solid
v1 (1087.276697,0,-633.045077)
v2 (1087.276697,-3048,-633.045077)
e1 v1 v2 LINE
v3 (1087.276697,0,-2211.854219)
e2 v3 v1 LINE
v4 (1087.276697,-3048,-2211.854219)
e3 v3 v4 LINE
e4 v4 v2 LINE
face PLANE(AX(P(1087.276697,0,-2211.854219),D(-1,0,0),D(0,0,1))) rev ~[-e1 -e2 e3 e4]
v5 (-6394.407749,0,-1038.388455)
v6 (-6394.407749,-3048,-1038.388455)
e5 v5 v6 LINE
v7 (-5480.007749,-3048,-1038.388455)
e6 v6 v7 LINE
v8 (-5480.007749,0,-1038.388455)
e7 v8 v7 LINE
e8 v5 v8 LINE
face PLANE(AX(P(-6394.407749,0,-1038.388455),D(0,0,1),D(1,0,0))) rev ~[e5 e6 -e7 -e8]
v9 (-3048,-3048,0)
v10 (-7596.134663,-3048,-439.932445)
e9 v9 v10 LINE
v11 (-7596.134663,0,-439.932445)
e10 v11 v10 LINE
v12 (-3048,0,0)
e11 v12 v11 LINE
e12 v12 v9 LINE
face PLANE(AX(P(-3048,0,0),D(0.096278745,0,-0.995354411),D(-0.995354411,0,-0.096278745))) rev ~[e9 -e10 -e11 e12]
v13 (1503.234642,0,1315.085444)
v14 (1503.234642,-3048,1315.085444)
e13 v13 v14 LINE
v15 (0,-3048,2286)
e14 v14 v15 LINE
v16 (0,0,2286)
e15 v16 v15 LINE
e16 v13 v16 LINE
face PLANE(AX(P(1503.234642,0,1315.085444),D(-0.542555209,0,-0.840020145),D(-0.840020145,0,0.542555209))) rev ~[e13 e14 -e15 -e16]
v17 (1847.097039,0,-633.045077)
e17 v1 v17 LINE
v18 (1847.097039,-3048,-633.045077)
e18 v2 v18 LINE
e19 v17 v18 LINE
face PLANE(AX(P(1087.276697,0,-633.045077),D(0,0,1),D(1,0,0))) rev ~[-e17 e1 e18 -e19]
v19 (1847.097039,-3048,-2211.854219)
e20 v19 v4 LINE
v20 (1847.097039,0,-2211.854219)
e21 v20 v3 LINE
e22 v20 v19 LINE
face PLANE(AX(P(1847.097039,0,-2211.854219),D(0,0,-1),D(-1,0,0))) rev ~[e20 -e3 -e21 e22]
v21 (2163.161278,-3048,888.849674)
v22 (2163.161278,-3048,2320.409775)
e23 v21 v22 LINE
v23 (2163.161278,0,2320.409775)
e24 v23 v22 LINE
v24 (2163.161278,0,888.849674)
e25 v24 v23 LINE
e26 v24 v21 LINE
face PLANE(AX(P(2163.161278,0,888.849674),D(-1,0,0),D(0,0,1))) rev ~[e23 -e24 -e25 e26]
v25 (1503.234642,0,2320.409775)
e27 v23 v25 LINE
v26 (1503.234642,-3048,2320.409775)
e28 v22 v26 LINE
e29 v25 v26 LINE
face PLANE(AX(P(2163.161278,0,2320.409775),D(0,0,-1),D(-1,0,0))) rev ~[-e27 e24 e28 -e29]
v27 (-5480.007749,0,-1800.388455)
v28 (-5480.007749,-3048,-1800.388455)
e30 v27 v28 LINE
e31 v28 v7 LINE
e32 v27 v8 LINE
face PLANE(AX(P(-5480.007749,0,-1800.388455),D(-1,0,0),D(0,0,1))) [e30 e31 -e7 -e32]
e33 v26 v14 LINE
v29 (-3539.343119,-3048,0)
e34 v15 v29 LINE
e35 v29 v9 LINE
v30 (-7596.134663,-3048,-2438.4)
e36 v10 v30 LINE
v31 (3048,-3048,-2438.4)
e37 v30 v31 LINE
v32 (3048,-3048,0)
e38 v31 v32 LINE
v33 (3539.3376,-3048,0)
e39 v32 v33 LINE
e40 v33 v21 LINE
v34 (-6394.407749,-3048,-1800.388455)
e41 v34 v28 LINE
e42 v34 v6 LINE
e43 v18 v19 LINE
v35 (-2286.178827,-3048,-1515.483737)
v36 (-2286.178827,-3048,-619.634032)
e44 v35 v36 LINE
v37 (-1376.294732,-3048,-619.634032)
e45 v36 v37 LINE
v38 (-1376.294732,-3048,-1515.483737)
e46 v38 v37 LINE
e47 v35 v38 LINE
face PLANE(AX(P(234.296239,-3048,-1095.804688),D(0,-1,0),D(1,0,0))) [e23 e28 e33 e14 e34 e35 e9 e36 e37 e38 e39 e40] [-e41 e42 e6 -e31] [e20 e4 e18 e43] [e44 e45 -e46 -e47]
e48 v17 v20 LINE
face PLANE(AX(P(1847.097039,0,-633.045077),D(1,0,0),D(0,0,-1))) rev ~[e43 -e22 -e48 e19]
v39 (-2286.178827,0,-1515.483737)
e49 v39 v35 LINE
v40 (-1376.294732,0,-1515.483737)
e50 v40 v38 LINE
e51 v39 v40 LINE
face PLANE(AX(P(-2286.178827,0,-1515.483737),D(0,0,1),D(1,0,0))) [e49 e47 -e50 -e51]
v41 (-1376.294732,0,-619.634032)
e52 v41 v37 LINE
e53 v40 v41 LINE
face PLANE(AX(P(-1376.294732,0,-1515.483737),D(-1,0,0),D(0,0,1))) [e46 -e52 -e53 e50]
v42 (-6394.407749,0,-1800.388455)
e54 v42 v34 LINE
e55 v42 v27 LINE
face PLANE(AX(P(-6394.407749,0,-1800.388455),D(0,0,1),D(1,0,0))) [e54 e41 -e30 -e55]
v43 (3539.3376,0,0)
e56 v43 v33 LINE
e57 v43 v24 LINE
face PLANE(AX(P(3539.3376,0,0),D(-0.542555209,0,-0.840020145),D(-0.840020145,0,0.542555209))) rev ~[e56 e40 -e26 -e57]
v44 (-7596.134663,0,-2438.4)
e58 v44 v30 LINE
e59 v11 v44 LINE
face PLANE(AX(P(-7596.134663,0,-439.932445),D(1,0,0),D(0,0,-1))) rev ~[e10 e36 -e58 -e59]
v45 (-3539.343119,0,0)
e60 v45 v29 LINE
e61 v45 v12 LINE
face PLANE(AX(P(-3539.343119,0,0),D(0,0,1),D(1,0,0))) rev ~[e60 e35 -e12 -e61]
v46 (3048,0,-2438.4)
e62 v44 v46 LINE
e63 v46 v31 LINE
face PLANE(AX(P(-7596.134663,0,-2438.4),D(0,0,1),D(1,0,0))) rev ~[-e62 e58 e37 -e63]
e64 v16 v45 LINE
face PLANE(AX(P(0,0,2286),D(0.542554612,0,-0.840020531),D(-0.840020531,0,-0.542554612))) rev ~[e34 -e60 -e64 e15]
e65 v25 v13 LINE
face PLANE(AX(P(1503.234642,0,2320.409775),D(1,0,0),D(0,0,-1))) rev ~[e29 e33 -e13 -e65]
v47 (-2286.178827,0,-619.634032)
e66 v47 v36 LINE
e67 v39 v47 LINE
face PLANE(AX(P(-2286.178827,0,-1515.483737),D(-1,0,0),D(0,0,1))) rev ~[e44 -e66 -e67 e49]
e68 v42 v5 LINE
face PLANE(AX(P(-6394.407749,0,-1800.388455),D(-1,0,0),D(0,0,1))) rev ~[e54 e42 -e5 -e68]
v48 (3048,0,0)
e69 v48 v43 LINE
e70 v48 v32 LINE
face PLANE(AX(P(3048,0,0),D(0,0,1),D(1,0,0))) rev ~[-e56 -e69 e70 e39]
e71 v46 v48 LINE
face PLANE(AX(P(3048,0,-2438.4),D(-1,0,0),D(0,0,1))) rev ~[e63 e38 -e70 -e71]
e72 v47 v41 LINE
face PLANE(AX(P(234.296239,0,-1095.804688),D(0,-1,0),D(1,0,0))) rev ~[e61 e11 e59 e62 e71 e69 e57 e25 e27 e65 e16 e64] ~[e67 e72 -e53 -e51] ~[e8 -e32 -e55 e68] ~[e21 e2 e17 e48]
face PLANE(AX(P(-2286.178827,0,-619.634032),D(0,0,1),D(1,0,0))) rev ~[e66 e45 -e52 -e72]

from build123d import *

# Parameters (mm, degrees)
F0_W     = 909.884095192
F0_H     = 895.8497047424
F0_W_2   = 914.4
F0_H_2   = 762
F0_W_3   = 4548.1346626282
F0_H_3   = 226.5457805634
F1_DEPTH = 3048


with BuildPart() as f1:
    # F0 (on Front) → F1 (new body)
    with BuildSketch(Plane.XZ):
        Polygon((3048, 0), (0, 0), (-3048, 0), (-3048, -265.2795314789), (-3048, -2211.8542194366), (1087.2766971588, -2211.8542194366), (1087.2766971588, -633.0450773239), (1847.0970392227, -633.0450773239), (1847.0970392227, -2211.8542194366), (3048, -2211.8542194366), align=None)
        with Locations((-1831.2367796898, -1067.5588846207)):
            Rectangle(F0_W, F0_H, mode=Mode.SUBTRACT)
        Polygon((0, 1981.2), (0, 0), (3048, 0), align=None)
        Polygon((-3048, 0), (0, 0), (0, 1981.2), align=None)
        Polygon((-3539.3431186676, 0), (-3048, 0), (0, 1981.2), (0, 2286), align=None)
        Polygon((-3048, -265.2795314789), (-3048, 0), (-7596.1346626282, -439.9324449932), (-7596.1346626282, -705.2119764721), align=None)
        Polygon((0, 1981.2), (3048, 0), (3539.3376, 0), (2163.161277771, 888.849674192), (1503.2346424968, 1315.0854444776), (0, 2286), align=None)
        Polygon((-3048, -2211.8542194366), (-3048, -265.2795314789), (-7596.1346626282, -705.2119764721), (-7596.1346626282, -2211.8542194366), align=None)
        with Locations((-5937.207749176, -1419.3884553909)):
            Rectangle(F0_W_2, F0_H_2, mode=Mode.SUBTRACT)
        Polygon((3048, -2438.4), (3048, -2211.8542194366), (1847.0970392227, -2211.8542194366), (1773.0509563446, -2211.8542194366), (1163.4509563446, -2211.8542194366), (1087.2766971588, -2211.8542194366), (-3048, -2211.8542194366), (-3048, -2438.4), align=None)
        with Locations((-5322.0673313141, -2325.1271097183)):
            Rectangle(F0_W_3, F0_H_3)
        Polygon((1503.2346424968, 1315.0854444776), (2163.161277771, 888.849674192), (2163.161277771, 2320.4097747803), (1503.2346424968, 2320.4097747803), align=None)
    extrude(amount=F1_DEPTH)


solid = f1.part
